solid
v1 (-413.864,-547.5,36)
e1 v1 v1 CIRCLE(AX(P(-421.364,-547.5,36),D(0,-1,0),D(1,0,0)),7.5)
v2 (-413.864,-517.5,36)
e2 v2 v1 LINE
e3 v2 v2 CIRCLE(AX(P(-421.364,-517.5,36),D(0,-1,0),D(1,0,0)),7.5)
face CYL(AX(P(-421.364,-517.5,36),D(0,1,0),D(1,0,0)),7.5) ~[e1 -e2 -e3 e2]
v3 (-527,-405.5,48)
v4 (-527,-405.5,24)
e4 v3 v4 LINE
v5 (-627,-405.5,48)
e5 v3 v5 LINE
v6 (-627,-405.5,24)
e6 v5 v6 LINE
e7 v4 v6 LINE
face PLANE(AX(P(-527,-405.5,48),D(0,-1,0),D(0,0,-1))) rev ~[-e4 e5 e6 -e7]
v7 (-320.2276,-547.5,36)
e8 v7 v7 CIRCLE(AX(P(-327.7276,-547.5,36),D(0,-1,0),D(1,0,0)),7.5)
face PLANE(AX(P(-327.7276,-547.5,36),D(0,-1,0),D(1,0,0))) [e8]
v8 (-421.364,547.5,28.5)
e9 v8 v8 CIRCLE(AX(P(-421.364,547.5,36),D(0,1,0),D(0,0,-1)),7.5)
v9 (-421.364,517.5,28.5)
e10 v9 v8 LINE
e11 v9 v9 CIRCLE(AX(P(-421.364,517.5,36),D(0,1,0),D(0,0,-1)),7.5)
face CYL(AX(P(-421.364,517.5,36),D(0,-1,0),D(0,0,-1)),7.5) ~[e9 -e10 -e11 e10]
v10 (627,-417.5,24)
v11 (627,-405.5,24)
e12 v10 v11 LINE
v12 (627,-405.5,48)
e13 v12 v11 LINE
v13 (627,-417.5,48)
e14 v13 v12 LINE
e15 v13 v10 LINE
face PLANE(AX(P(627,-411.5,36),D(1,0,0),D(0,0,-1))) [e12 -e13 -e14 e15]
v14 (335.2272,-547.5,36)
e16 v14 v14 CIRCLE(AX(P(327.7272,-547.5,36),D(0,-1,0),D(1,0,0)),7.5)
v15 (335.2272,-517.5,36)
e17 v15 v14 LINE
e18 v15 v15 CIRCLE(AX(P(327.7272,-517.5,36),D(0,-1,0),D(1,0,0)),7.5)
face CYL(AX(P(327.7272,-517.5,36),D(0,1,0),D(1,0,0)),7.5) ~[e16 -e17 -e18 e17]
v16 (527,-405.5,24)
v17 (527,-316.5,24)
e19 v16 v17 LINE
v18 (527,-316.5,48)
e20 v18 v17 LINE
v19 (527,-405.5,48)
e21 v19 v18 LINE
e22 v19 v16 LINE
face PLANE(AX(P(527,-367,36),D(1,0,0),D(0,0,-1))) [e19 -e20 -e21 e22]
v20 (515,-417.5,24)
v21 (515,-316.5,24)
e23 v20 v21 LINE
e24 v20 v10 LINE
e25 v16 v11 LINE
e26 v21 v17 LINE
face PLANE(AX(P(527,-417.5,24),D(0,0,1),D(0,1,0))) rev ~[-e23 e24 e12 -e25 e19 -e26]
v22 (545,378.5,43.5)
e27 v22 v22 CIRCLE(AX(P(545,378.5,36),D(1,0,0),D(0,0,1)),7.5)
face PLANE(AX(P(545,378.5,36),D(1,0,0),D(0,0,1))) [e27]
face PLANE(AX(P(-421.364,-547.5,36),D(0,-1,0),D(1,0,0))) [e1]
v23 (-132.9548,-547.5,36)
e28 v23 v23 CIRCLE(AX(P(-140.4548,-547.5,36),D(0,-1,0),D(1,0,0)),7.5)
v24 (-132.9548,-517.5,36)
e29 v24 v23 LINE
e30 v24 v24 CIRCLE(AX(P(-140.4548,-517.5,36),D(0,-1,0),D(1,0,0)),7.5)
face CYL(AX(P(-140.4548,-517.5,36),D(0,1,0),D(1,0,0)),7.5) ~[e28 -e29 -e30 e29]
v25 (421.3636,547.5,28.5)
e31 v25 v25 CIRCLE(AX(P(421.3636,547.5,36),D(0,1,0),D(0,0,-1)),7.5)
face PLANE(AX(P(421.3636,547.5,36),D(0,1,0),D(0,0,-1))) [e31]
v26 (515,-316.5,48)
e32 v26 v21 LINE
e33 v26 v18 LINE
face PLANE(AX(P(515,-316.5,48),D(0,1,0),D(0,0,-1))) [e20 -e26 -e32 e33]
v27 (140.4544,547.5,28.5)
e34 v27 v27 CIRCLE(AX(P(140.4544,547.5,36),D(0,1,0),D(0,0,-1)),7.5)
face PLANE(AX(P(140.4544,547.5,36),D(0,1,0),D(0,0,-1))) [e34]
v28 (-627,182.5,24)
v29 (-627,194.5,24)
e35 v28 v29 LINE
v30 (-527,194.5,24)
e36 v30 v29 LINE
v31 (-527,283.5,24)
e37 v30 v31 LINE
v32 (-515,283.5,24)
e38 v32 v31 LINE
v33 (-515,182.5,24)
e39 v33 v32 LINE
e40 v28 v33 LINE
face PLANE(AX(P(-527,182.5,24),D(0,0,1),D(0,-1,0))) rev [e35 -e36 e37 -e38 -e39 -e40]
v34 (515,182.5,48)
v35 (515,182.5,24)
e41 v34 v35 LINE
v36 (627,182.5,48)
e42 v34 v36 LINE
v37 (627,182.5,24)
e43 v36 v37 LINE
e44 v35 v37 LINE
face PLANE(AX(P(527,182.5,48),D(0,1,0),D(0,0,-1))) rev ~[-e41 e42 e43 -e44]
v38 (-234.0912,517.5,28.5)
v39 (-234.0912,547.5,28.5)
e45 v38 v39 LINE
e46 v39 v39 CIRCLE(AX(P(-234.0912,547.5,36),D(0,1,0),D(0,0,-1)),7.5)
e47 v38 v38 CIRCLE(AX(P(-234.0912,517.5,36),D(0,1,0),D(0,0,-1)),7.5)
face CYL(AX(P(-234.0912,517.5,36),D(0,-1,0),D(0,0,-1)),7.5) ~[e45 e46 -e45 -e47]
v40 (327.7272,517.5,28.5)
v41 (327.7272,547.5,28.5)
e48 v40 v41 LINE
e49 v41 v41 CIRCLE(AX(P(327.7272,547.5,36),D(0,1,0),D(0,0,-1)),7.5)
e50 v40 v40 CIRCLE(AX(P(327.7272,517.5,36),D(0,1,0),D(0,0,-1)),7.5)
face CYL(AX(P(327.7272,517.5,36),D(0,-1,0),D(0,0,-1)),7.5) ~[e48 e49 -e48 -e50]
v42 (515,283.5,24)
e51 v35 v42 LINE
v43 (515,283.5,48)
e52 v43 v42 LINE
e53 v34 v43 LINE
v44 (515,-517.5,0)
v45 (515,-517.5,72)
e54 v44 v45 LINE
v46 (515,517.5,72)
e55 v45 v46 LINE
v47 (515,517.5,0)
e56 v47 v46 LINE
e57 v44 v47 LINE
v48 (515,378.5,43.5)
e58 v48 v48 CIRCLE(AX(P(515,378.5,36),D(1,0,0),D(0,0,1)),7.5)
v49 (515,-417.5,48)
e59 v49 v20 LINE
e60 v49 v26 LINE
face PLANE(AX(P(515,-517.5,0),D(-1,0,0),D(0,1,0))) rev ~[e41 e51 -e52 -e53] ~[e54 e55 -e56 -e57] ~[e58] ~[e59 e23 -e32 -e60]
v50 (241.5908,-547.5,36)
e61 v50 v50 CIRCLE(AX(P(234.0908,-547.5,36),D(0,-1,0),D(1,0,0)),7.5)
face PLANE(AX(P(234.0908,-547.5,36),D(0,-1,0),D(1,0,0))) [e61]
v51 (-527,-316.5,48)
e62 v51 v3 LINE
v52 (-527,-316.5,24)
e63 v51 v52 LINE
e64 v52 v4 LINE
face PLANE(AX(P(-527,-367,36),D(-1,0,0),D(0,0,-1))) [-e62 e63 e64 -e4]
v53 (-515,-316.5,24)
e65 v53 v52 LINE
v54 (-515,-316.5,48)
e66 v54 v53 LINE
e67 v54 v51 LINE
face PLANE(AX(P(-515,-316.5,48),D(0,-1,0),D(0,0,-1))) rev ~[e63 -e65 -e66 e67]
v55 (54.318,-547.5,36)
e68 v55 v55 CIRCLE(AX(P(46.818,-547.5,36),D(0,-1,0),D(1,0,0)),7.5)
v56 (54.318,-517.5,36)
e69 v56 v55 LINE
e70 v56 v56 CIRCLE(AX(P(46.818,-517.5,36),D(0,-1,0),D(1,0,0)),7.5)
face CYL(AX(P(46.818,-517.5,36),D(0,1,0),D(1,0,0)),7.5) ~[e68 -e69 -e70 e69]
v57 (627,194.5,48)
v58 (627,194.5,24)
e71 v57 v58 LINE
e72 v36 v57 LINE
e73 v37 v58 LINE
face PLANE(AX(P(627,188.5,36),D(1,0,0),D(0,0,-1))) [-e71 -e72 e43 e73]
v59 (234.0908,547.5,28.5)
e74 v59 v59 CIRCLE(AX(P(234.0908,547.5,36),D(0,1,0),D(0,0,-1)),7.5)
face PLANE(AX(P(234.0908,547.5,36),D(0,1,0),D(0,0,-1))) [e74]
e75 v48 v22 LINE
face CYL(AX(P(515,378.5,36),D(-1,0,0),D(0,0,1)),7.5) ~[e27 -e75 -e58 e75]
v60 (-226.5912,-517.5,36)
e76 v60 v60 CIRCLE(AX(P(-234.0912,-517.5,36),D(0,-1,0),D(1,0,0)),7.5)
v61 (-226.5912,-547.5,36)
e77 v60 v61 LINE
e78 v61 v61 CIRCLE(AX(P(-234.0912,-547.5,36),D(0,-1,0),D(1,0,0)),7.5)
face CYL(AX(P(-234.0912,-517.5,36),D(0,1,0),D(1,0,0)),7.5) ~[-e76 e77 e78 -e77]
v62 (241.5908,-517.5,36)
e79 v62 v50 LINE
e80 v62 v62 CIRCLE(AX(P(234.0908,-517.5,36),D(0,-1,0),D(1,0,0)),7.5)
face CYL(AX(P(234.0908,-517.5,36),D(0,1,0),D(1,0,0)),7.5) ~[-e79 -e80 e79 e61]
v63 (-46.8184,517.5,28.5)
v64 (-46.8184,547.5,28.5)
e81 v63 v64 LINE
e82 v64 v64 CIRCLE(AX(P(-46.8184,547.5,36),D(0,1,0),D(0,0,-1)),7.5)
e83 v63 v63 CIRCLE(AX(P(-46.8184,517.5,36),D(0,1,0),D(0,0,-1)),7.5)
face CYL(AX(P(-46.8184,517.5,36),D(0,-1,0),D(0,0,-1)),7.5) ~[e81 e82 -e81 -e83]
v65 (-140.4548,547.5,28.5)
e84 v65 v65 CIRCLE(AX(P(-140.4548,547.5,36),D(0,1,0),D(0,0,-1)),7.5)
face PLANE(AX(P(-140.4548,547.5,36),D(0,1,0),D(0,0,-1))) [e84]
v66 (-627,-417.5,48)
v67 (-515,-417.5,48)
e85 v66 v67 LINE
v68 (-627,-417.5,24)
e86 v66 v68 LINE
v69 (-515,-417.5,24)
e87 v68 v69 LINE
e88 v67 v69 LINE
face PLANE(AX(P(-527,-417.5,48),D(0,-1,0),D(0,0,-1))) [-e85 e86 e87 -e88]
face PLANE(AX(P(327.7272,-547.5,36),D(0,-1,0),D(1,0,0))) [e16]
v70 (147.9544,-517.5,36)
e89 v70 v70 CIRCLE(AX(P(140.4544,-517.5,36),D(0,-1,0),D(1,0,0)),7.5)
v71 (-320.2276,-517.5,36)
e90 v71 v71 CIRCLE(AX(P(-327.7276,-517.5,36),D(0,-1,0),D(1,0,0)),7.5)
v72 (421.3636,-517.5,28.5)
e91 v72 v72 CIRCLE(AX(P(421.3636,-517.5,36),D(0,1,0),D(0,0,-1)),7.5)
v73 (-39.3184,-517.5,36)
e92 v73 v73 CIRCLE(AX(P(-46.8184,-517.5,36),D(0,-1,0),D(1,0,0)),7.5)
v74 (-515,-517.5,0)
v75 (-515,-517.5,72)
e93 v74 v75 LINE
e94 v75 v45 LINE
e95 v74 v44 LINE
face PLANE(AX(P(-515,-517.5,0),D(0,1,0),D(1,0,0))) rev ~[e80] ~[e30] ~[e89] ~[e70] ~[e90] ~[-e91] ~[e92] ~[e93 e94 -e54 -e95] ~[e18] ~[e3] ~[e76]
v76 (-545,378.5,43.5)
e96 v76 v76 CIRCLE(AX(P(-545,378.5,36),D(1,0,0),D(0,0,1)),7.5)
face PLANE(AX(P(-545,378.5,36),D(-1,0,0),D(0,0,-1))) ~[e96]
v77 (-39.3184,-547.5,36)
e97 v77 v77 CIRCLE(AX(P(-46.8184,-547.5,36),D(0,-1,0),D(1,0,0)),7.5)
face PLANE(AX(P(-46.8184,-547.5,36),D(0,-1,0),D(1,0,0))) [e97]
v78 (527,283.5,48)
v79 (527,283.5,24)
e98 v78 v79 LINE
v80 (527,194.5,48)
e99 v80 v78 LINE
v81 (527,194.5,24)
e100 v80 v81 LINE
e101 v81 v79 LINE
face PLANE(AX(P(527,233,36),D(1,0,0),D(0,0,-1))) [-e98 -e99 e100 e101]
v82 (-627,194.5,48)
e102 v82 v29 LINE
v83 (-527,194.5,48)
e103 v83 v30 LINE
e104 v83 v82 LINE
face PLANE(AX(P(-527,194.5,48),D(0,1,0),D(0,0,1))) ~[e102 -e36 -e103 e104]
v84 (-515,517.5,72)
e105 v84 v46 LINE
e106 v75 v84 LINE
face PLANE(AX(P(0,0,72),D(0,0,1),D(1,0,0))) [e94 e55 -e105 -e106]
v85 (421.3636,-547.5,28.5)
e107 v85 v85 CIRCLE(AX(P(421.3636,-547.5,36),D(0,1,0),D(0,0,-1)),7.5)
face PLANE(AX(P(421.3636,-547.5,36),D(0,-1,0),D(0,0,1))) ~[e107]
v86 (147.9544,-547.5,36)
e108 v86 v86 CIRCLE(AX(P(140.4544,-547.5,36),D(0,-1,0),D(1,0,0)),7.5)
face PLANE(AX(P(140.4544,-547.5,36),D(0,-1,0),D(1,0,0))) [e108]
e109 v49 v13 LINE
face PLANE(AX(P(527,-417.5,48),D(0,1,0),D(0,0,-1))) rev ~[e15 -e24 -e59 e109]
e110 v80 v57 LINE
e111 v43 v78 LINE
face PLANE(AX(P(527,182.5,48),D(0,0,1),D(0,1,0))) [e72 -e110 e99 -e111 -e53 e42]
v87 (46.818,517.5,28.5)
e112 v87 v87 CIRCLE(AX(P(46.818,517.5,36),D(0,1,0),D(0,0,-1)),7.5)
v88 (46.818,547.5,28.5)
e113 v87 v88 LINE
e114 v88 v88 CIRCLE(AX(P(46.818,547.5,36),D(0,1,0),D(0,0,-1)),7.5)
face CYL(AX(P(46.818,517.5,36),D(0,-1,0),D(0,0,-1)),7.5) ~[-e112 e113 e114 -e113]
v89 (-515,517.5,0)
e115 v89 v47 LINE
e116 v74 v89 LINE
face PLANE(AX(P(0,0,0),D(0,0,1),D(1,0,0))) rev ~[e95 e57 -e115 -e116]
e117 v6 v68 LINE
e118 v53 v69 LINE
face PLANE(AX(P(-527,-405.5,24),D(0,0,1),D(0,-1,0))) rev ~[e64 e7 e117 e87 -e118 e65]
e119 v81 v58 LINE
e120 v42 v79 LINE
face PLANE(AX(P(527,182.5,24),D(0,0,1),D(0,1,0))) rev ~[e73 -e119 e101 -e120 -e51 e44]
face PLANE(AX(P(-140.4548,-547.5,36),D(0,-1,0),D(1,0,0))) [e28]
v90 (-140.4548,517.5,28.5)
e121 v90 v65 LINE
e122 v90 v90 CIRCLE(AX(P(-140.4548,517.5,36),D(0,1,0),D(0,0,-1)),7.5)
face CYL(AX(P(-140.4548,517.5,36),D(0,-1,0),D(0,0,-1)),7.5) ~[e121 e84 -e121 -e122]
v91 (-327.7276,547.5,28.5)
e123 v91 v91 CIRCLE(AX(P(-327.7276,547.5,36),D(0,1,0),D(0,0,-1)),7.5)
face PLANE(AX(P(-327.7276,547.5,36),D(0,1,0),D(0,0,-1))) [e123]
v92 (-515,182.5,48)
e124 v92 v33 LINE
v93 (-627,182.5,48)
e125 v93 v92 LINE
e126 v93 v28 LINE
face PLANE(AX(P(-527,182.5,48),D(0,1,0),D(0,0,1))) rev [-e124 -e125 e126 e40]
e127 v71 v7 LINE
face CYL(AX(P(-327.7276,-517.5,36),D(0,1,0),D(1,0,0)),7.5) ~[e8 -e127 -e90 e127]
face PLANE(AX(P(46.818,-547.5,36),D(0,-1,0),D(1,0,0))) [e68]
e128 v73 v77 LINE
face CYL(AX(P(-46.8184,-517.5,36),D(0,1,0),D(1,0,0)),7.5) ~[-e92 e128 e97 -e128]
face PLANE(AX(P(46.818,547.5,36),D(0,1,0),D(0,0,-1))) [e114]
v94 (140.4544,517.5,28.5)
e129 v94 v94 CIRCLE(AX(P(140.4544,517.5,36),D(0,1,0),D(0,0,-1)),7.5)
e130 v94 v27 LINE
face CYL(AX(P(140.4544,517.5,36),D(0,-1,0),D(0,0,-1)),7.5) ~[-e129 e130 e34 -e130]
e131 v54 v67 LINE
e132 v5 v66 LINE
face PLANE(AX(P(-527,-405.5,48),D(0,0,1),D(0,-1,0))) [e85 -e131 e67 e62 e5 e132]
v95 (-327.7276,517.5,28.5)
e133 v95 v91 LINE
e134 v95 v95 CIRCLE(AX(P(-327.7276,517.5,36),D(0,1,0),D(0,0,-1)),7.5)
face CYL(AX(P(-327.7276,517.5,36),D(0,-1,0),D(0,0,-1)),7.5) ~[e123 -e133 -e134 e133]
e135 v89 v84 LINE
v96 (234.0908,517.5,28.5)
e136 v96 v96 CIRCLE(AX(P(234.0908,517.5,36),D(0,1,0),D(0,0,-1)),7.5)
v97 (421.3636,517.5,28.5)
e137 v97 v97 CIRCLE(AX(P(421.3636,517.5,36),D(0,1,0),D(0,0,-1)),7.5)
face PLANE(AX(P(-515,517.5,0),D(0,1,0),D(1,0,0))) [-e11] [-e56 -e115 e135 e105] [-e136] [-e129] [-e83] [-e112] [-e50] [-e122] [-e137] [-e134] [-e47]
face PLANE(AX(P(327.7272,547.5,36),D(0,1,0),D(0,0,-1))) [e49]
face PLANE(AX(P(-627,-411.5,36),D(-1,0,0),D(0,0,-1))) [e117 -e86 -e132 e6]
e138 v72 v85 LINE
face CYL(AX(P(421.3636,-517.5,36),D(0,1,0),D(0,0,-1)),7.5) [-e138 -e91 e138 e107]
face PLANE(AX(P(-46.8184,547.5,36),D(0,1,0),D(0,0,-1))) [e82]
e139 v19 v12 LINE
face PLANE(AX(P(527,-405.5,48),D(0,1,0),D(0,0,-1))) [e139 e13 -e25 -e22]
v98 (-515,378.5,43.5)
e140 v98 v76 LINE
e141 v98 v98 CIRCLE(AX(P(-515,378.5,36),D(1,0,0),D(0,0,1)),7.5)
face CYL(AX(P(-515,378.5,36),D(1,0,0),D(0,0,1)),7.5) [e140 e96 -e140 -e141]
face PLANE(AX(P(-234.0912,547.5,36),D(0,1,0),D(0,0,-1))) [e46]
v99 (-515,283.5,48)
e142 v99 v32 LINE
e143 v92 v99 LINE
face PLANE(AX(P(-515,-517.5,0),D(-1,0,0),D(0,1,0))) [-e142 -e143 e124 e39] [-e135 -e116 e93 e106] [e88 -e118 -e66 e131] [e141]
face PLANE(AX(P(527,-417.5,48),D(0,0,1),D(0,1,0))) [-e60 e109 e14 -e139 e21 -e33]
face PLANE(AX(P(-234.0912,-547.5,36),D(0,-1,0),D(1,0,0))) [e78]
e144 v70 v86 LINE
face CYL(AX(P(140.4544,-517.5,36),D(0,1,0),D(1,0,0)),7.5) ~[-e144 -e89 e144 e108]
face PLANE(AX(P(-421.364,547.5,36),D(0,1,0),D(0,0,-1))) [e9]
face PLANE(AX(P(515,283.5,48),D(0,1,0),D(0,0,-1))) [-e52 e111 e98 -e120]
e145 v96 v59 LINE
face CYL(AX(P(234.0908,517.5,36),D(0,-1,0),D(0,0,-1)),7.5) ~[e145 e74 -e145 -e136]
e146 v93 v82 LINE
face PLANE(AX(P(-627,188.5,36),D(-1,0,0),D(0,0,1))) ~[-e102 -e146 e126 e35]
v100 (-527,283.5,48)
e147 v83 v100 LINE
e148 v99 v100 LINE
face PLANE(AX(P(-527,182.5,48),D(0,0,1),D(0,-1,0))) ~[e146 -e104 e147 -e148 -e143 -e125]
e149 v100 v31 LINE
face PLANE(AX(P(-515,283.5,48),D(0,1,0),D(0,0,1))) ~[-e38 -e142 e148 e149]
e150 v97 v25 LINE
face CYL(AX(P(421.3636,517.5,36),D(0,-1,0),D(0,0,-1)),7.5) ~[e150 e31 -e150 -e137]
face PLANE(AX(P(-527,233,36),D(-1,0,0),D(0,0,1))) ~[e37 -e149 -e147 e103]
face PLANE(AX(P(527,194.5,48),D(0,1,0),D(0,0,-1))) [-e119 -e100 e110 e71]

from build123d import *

# Parameters (mm, degrees)
SKETCH1_W               = 1030
SKETCH1_H               = 1035
BOSS_EXTRUDE1_DEPTH     = 72
SKETCH2_R               = 7.5
BOSS_EXTRUDE2_DEPTH     = 30
SKETCH3_W               = 24
SKETCH3_H               = 101
BOSS_EXTRUDE3_DEPTH     = 12
SKETCH4_W               = 24
SKETCH4_H               = 12
BOSS_EXTRUDE4_DEPTH     = 100
LPATTERN1_COUNT         = 2
LPATTERN1_PITCH         = 600
MIRROR2_COPY_1_SKETCH_W = 24
MIRROR2_COPY_1_SKETCH_H = 101
MIRROR2_COPY_1_DEPTH    = 12
MIRROR2_COPY_2_SKETCH_W = 24
MIRROR2_COPY_2_SKETCH_H = 12
MIRROR2_COPY_2_DEPTH    = 100
SKETCH6_R               = 7.5
BOSS_EXTRUDE5_DEPTH     = 30
LPATTERN2_COUNT         = 10
LPATTERN2_PITCH         = 93.6364
MIRROR3_COPY_1_SKETCH_R = 7.5
MIRROR3_COPY_1_DEPTH    = 30
MIRROR3_COPY_2_SKETCH_R = 7.5
MIRROR3_COPY_2_DEPTH    = 30
MIRROR3_COPY_3_SKETCH_R = 7.5
MIRROR3_COPY_3_DEPTH    = 30
MIRROR3_COPY_4_SKETCH_R = 7.5
MIRROR3_COPY_4_DEPTH    = 30
MIRROR3_COPY_5_SKETCH_R = 7.5
MIRROR3_COPY_5_DEPTH    = 30
MIRROR3_COPY_6_SKETCH_R = 7.5
MIRROR3_COPY_6_DEPTH    = 30
MIRROR3_COPY_7_SKETCH_R = 7.5
MIRROR3_COPY_7_DEPTH    = 30
MIRROR3_COPY_8_SKETCH_R = 7.5
MIRROR3_COPY_8_DEPTH    = 30
MIRROR3_COPY_9_SKETCH_R = 7.5
MIRROR3_COPY_9_DEPTH    = 30


with BuildPart() as part:
    # Sketch1 → Boss-Extrude1 (new body)
    with BuildSketch(Plane.XY):
        Rectangle(SKETCH1_W, SKETCH1_H)
    extrude(amount=BOSS_EXTRUDE1_DEPTH)

    # Sketch2 → Boss-Extrude2 (add)
    with BuildSketch(Plane(origin=(515, 0, 0), x_dir=(0, 0, -1), z_dir=(1, 0, 0))):
        with Locations(Location((-36, 378.5, 0), (0, 0, 180))):
            Circle(SKETCH2_R)
    boss_extrude2 = extrude(amount=BOSS_EXTRUDE2_DEPTH)

    # Sketch3 → Boss-Extrude3 (add)
    with BuildSketch(Plane(origin=(515, 0, 0), x_dir=(0, 0, -1), z_dir=(1, 0, 0))):
        with Locations((-36, 233)):
            Rectangle(SKETCH3_W, SKETCH3_H)
    boss_extrude3 = extrude(amount=BOSS_EXTRUDE3_DEPTH)

    # Sketch4 → Boss-Extrude4 (add)
    with BuildSketch(Plane(origin=(527, 0, 0), x_dir=(0, 0, -1), z_dir=(1, 0, 0))):
        with Locations((-36, 188.5)):
            Rectangle(SKETCH4_W, SKETCH4_H)
    boss_extrude4 = extrude(amount=BOSS_EXTRUDE4_DEPTH)

    # LPattern1: Boss-Extrude3, Boss-Extrude4 ×2
    with Locations(*[(0, -i * LPATTERN1_PITCH, 0) for i in range(1, LPATTERN1_COUNT)]):
        add(boss_extrude3)
        add(boss_extrude4)

    # Mirror2: Boss-Extrude2, Boss-Extrude3, Boss-Extrude4 across plane
    add(boss_extrude2.mirror(Plane(origin=(0, 0, 0), x_dir=(0, 0, 1), z_dir=(1, 0, 0))))
    add(boss_extrude3.mirror(Plane(origin=(0, 0, 0), x_dir=(0, 0, 1), z_dir=(1, 0, 0))))
    add(boss_extrude4.mirror(Plane(origin=(0, 0, 0), x_dir=(0, 0, 1), z_dir=(1, 0, 0))))

    # Mirror2 copy 1 sketch → Mirror2 copy 1 (add)
    with BuildSketch(Plane(origin=(-515, -600, 0), x_dir=(0, 0, -1), z_dir=(-1, 0, 0))):
        with Locations((-36, -233)):
            Rectangle(MIRROR2_COPY_1_SKETCH_W, MIRROR2_COPY_1_SKETCH_H)
    extrude(amount=MIRROR2_COPY_1_DEPTH)

    # Mirror2 copy 2 sketch → Mirror2 copy 2 (add)
    with BuildSketch(Plane(origin=(-527, -600, 0), x_dir=(0, 0, -1), z_dir=(-1, 0, 0))):
        with Locations((-36, -188.5)):
            Rectangle(MIRROR2_COPY_2_SKETCH_W, MIRROR2_COPY_2_SKETCH_H)
    extrude(amount=MIRROR2_COPY_2_DEPTH)

    # Sketch6 → Boss-Extrude5 (add)
    with BuildSketch(Plane(origin=(0, 517.5, 0), x_dir=(1, 0, 0), z_dir=(0, 1, 0))):
        with Locations(Location((421.3636, -36, 0), (0, 0, 90))):
            Circle(SKETCH6_R)
    boss_extrude5 = extrude(amount=BOSS_EXTRUDE5_DEPTH)

    # LPattern2: Boss-Extrude5 ×10
    with Locations(*[(-i * LPATTERN2_PITCH, 0, 0) for i in range(1, LPATTERN2_COUNT)]):
        add(boss_extrude5)

    # Mirror3: Boss-Extrude5 across plane
    add(boss_extrude5.mirror(Plane.ZX))

    # Mirror3 copy 1 sketch → Mirror3 copy 1 (add)
    with BuildSketch(Plane(origin=(-93.6364, -517.5, 0), x_dir=(1, 0, 0), z_dir=(0, -1, 0))):
        with Locations((421.3636, 36)):
            Circle(MIRROR3_COPY_1_SKETCH_R)
    extrude(amount=MIRROR3_COPY_1_DEPTH)

    # Mirror3 copy 2 sketch → Mirror3 copy 2 (add)
    with BuildSketch(Plane(origin=(-187.2728, -517.5, 0), x_dir=(1, 0, 0), z_dir=(0, -1, 0))):
        with Locations((421.3636, 36)):
            Circle(MIRROR3_COPY_2_SKETCH_R)
    extrude(amount=MIRROR3_COPY_2_DEPTH)

    # Mirror3 copy 3 sketch → Mirror3 copy 3 (add)
    with BuildSketch(Plane(origin=(-280.9092, -517.5, 0), x_dir=(1, 0, 0), z_dir=(0, -1, 0))):
        with Locations((421.3636, 36)):
            Circle(MIRROR3_COPY_3_SKETCH_R)
    extrude(amount=MIRROR3_COPY_3_DEPTH)

    # Mirror3 copy 4 sketch → Mirror3 copy 4 (add)
    with BuildSketch(Plane(origin=(-374.5456, -517.5, 0), x_dir=(1, 0, 0), z_dir=(0, -1, 0))):
        with Locations((421.3636, 36)):
            Circle(MIRROR3_COPY_4_SKETCH_R)
    extrude(amount=MIRROR3_COPY_4_DEPTH)

    # Mirror3 copy 5 sketch → Mirror3 copy 5 (add)
    with BuildSketch(Plane(origin=(-468.182, -517.5, 0), x_dir=(1, 0, 0), z_dir=(0, -1, 0))):
        with Locations((421.3636, 36)):
            Circle(MIRROR3_COPY_5_SKETCH_R)
    extrude(amount=MIRROR3_COPY_5_DEPTH)

    # Mirror3 copy 6 sketch → Mirror3 copy 6 (add)
    with BuildSketch(Plane(origin=(-561.8184, -517.5, 0), x_dir=(1, 0, 0), z_dir=(0, -1, 0))):
        with Locations((421.3636, 36)):
            Circle(MIRROR3_COPY_6_SKETCH_R)
    extrude(amount=MIRROR3_COPY_6_DEPTH)

    # Mirror3 copy 7 sketch → Mirror3 copy 7 (add)
    with BuildSketch(Plane(origin=(-655.4548, -517.5, 0), x_dir=(1, 0, 0), z_dir=(0, -1, 0))):
        with Locations((421.3636, 36)):
            Circle(MIRROR3_COPY_7_SKETCH_R)
    extrude(amount=MIRROR3_COPY_7_DEPTH)

    # Mirror3 copy 8 sketch → Mirror3 copy 8 (add)
    with BuildSketch(Plane(origin=(-749.0912, -517.5, 0), x_dir=(1, 0, 0), z_dir=(0, -1, 0))):
        with Locations((421.3636, 36)):
            Circle(MIRROR3_COPY_8_SKETCH_R)
    extrude(amount=MIRROR3_COPY_8_DEPTH)

    # Mirror3 copy 9 sketch → Mirror3 copy 9 (add)
    with BuildSketch(Plane(origin=(-842.7276, -517.5, 0), x_dir=(1, 0, 0), z_dir=(0, -1, 0))):
        with Locations((421.3636, 36)):
            Circle(MIRROR3_COPY_9_SKETCH_R)
    extrude(amount=MIRROR3_COPY_9_DEPTH)


solid = part.part
